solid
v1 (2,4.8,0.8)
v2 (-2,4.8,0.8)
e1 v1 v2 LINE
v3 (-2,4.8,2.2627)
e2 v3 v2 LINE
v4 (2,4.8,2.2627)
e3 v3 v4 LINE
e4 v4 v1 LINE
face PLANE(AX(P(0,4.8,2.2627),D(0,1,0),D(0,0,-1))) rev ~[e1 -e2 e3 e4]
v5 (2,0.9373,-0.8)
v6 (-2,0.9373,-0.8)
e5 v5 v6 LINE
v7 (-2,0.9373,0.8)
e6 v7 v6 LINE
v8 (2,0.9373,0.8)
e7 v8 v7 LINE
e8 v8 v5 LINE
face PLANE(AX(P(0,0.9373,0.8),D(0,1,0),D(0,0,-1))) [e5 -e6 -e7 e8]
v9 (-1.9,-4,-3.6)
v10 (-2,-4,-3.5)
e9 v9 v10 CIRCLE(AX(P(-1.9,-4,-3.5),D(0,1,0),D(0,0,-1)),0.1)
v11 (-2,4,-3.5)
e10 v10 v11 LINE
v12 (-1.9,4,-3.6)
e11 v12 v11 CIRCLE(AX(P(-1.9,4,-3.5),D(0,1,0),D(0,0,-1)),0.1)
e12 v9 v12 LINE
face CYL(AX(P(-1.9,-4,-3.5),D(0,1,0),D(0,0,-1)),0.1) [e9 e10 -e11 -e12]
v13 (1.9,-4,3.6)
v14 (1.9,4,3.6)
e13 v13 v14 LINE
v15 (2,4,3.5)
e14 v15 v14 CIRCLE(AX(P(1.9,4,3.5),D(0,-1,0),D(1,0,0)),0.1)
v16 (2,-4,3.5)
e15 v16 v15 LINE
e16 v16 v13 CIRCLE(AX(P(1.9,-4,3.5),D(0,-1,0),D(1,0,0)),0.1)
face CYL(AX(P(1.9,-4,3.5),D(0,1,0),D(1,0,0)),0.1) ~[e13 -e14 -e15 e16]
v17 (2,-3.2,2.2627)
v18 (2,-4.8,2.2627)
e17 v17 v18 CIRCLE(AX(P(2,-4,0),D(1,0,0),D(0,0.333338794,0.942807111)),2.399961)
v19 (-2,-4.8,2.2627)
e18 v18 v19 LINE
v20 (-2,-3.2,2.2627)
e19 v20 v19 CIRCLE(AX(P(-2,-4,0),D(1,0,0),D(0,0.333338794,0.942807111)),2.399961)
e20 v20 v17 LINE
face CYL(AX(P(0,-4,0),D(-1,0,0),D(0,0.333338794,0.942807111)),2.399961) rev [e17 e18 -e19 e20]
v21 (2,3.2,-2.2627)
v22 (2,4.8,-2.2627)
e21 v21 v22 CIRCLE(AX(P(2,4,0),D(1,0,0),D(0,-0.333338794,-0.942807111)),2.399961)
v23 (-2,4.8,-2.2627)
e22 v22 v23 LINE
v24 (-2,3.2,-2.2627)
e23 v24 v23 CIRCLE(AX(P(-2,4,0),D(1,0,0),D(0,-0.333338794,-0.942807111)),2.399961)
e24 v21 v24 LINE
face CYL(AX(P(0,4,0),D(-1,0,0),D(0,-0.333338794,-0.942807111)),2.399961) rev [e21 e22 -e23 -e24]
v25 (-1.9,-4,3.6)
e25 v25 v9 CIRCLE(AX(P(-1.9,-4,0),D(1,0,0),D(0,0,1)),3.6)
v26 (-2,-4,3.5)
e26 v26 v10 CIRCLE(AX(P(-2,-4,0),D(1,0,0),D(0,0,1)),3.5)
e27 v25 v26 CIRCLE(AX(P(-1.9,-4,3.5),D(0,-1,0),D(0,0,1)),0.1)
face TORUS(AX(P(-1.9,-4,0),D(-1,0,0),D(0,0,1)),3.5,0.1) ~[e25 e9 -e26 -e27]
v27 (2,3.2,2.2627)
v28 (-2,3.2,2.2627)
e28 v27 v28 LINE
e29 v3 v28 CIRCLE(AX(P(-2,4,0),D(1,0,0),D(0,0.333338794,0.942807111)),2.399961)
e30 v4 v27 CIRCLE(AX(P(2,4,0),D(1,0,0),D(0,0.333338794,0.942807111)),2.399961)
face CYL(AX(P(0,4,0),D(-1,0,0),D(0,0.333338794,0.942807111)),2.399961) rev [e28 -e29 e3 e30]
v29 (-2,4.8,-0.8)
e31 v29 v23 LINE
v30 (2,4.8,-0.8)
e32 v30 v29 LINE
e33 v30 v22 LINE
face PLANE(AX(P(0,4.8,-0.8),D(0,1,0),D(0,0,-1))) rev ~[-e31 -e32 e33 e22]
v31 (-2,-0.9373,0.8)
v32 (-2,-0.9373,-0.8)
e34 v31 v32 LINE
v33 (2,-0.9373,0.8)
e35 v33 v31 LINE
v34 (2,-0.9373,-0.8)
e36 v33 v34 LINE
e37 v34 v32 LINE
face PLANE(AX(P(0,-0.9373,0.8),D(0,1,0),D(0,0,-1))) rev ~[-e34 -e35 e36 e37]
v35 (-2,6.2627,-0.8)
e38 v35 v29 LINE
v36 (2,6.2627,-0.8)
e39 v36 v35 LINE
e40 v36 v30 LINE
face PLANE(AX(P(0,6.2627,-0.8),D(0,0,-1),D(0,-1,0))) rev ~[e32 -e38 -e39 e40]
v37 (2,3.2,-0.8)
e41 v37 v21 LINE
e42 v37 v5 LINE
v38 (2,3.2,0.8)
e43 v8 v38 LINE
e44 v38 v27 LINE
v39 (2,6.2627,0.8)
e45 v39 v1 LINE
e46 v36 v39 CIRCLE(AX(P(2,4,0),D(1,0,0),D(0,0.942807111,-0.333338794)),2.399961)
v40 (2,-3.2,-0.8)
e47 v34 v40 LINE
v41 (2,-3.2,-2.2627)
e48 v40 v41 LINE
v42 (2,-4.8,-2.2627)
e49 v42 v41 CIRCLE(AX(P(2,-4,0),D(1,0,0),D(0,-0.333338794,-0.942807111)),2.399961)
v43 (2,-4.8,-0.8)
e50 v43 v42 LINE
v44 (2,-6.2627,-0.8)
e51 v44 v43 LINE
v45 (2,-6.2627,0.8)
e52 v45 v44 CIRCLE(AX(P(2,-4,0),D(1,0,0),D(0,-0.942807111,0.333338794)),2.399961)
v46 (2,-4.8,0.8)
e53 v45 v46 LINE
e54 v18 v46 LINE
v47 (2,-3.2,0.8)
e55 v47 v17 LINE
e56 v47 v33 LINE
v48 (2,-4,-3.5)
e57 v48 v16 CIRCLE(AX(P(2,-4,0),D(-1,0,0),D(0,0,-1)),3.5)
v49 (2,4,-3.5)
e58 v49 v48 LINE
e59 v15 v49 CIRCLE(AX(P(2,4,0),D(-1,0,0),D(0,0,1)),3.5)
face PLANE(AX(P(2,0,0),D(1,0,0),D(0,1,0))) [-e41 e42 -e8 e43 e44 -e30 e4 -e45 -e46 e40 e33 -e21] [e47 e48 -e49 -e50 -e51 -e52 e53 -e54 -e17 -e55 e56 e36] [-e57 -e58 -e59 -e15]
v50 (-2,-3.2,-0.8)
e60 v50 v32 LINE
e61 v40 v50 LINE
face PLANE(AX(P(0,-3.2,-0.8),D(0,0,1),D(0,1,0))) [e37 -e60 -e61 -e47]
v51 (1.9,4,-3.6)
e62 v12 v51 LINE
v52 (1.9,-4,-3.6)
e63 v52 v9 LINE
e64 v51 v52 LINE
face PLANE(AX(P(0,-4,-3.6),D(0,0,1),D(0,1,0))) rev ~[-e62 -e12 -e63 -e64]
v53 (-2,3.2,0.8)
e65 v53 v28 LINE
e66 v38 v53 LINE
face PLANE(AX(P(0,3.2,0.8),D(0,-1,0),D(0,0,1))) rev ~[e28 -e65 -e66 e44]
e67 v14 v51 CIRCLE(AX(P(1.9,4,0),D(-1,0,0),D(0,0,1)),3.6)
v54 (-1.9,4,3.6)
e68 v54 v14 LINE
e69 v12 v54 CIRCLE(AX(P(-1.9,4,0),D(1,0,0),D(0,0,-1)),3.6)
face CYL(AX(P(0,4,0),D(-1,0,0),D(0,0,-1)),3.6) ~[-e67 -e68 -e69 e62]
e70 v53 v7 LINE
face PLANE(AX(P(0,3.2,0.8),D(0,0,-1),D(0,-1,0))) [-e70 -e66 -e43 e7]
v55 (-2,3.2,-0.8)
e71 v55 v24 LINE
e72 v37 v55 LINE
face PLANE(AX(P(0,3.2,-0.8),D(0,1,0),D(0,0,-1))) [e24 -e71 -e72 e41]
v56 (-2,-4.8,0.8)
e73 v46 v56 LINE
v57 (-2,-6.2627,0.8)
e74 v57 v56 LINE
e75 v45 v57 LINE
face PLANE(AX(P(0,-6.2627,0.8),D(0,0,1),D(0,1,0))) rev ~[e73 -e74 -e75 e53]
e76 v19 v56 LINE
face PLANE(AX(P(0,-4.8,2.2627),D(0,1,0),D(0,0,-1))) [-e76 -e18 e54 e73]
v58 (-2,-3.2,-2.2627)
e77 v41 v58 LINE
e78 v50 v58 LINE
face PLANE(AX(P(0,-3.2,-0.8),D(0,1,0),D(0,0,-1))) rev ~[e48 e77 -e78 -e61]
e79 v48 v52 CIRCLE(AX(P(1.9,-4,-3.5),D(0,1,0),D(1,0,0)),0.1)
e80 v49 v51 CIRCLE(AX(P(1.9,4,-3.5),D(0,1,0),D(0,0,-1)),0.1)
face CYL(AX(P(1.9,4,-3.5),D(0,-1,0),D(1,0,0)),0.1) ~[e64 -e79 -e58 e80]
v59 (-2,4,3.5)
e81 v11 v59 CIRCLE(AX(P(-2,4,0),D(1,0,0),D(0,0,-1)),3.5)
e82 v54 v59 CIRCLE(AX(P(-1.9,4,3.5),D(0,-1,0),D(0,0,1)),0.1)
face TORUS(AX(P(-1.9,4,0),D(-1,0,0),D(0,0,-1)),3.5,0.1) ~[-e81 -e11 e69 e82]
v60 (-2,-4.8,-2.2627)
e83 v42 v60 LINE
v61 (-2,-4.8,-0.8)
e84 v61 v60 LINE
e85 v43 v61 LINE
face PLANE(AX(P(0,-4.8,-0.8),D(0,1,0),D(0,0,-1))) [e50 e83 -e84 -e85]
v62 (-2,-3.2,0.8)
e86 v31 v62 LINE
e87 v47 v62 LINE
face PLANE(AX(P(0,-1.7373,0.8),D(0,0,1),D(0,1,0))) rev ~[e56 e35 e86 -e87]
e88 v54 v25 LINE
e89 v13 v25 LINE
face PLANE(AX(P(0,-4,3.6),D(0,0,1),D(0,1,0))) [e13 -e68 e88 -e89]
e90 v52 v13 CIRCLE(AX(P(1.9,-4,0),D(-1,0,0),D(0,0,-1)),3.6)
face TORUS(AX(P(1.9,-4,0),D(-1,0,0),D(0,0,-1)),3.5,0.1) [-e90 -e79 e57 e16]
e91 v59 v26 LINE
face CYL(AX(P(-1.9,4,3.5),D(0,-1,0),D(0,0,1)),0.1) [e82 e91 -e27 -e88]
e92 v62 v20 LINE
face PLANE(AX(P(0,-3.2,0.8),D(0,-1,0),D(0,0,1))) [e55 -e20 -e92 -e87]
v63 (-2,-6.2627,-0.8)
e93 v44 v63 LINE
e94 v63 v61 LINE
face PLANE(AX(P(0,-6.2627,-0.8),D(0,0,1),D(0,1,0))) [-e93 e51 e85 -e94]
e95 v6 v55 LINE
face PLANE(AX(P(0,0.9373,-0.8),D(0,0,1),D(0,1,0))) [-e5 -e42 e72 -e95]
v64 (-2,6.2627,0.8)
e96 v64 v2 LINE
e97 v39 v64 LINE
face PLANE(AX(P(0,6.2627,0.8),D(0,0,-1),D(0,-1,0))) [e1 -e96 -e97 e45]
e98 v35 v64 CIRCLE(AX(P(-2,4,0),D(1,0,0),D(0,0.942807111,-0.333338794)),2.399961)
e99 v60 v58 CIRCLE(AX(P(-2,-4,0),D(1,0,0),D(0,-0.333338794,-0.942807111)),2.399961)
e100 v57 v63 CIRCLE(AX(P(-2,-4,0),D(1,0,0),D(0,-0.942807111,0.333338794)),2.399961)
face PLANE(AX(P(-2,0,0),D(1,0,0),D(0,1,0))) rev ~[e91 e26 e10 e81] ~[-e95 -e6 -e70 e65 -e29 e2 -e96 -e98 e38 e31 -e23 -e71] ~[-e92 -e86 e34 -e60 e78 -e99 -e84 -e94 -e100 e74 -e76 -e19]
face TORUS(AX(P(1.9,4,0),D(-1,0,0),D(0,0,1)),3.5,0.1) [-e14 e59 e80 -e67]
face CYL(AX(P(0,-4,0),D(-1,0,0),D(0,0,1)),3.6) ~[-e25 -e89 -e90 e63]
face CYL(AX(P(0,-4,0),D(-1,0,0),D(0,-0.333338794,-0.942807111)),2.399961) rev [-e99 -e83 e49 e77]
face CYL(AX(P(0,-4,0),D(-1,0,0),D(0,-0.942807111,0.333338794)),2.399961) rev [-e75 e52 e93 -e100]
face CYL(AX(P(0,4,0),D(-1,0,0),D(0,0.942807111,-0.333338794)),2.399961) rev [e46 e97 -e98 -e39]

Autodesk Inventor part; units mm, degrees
ref_plane "YZ Plane" through (0, 0, 0) normal (1, 0, 0) x (0, 1, 0)
ref_plane "XZ Plane" through (0, 0, 0) normal (0, 1, 0) x (-1, 0, 0)
ref_plane "XY Plane" through (0, 0, 0) normal (0, 0, 1) x (1, 0, 0)
sketch "Sketch3" plane through (0, 0, 0) normal (1, 0, 0) x (0, 1, 0)
  arc A0 (4.8, 2.2627) -> (3.2, 2.2627) centre (4, 0) ccw
  arc A1 (3.2, -2.2627) -> (4.8, -2.2627) centre (4, 0) ccw
  arc A2 (6.2627, -0.8) -> (6.2627, 0.8) centre (4, 0) ccw
  line L0 (6.2627, 0.8) -> (4.8, 0.8)
  line L1 (3.2, 0.8) -> (1.7373, 0.8)
  line L2 (4.8, 2.2627) -> (4.8, 0.8)
  line L3 (4.8, -0.8) -> (4.8, -2.2627)
  line L4 (6.2627, -0.8) -> (4.8, -0.8)
  line L5 (3.2, -0.8) -> (1.7373, -0.8)
  arc A3 (4, -3.6) -> (4, 3.6) centre (4, 0) ccw
  line L6 (0.9373, -0.8) -> (1.7373, -0.8)
  line L7 (-4, -3.6) -> (4, -3.6)
  line L8 (-4, 3.6) -> (4, 3.6)
  line L9 (3.2, 0.8) -> (3.2, 2.2627)
  line L10 (3.2, -0.8) -> (3.2, -2.2627)
  line L11 (1.7373, 0.8) -> (0.9373, 0.8)
  line L12 (0.9373, 0.8) -> (0.9373, -0.8)
  arc A4 (-4, 3.6) -> (-4, -3.6) centre (-4, 0) ccw
  line L13 (0, -3.6) -> (0, 3.6) construction
  arc A5 (-3.2, 2.2627) -> (-4.8, 2.2627) centre (-4, 0) ccw
  arc A6 (-4.8, -2.2627) -> (-3.2, -2.2627) centre (-4, 0) ccw
  line L14 (-4.8, -0.8) -> (-4.8, -2.2627)
  line L15 (-4.8, 2.2627) -> (-4.8, 0.8)
  line L16 (-6.2627, -0.8) -> (-4.8, -0.8)
  line L17 (-6.2627, 0.8) -> (-4.8, 0.8)
  arc A7 (-6.2627, 0.8) -> (-6.2627, -0.8) centre (-4, 0) ccw
  line L18 (-3.2, 0.8) -> (-1.7373, 0.8)
  line L19 (-0.9373, -0.8) -> (-1.7373, -0.8)
  line L20 (-3.2, -0.8) -> (-1.7373, -0.8)
  line L21 (-3.2, 0.8) -> (-3.2, 2.2627)
  line L22 (-3.2, -0.8) -> (-3.2, -2.2627)
  line L23 (-1.7373, 0.8) -> (-0.9373, 0.8)
  line L24 (-0.9373, 0.8) -> (-0.9373, -0.8)
  point P0 (0, 0)
  dimension "d47" = 4.8
  dimension "d49" = 7.2
  dimension "d53" = 1.6
  dimension "d57" = 0.8
  dimension "d58" = 8
extrude "Extrusion4" add sketch "Sketch3" along normal mid plane 4
fillet "Fillet1" radius 0.1 6 edges at (-2, 7.6, 0) (-2, 0, 3.6) (-2, 0, -3.6) (2, 0, 3.6) (2, 0, -3.6) (2, 7.6, 0)
equation "\"d47\" = kd"
equation "\"d49\" = tlad"
equation "\"d53\" = axlet"
equation "\"d58\" = lu"
equation "\"d15\" = 0.5 * lu"
equation "\"d56\" = lf"
equation "\"kd\" = 4.8"
equation "\"tlad\" = 7.2"
equation "\"axlet\" = 1.6"
equation "\"lu\" = 8"
equation "\"lf\" = 0.1"
properties part number "41677-Red" material "ABS Plastic"
